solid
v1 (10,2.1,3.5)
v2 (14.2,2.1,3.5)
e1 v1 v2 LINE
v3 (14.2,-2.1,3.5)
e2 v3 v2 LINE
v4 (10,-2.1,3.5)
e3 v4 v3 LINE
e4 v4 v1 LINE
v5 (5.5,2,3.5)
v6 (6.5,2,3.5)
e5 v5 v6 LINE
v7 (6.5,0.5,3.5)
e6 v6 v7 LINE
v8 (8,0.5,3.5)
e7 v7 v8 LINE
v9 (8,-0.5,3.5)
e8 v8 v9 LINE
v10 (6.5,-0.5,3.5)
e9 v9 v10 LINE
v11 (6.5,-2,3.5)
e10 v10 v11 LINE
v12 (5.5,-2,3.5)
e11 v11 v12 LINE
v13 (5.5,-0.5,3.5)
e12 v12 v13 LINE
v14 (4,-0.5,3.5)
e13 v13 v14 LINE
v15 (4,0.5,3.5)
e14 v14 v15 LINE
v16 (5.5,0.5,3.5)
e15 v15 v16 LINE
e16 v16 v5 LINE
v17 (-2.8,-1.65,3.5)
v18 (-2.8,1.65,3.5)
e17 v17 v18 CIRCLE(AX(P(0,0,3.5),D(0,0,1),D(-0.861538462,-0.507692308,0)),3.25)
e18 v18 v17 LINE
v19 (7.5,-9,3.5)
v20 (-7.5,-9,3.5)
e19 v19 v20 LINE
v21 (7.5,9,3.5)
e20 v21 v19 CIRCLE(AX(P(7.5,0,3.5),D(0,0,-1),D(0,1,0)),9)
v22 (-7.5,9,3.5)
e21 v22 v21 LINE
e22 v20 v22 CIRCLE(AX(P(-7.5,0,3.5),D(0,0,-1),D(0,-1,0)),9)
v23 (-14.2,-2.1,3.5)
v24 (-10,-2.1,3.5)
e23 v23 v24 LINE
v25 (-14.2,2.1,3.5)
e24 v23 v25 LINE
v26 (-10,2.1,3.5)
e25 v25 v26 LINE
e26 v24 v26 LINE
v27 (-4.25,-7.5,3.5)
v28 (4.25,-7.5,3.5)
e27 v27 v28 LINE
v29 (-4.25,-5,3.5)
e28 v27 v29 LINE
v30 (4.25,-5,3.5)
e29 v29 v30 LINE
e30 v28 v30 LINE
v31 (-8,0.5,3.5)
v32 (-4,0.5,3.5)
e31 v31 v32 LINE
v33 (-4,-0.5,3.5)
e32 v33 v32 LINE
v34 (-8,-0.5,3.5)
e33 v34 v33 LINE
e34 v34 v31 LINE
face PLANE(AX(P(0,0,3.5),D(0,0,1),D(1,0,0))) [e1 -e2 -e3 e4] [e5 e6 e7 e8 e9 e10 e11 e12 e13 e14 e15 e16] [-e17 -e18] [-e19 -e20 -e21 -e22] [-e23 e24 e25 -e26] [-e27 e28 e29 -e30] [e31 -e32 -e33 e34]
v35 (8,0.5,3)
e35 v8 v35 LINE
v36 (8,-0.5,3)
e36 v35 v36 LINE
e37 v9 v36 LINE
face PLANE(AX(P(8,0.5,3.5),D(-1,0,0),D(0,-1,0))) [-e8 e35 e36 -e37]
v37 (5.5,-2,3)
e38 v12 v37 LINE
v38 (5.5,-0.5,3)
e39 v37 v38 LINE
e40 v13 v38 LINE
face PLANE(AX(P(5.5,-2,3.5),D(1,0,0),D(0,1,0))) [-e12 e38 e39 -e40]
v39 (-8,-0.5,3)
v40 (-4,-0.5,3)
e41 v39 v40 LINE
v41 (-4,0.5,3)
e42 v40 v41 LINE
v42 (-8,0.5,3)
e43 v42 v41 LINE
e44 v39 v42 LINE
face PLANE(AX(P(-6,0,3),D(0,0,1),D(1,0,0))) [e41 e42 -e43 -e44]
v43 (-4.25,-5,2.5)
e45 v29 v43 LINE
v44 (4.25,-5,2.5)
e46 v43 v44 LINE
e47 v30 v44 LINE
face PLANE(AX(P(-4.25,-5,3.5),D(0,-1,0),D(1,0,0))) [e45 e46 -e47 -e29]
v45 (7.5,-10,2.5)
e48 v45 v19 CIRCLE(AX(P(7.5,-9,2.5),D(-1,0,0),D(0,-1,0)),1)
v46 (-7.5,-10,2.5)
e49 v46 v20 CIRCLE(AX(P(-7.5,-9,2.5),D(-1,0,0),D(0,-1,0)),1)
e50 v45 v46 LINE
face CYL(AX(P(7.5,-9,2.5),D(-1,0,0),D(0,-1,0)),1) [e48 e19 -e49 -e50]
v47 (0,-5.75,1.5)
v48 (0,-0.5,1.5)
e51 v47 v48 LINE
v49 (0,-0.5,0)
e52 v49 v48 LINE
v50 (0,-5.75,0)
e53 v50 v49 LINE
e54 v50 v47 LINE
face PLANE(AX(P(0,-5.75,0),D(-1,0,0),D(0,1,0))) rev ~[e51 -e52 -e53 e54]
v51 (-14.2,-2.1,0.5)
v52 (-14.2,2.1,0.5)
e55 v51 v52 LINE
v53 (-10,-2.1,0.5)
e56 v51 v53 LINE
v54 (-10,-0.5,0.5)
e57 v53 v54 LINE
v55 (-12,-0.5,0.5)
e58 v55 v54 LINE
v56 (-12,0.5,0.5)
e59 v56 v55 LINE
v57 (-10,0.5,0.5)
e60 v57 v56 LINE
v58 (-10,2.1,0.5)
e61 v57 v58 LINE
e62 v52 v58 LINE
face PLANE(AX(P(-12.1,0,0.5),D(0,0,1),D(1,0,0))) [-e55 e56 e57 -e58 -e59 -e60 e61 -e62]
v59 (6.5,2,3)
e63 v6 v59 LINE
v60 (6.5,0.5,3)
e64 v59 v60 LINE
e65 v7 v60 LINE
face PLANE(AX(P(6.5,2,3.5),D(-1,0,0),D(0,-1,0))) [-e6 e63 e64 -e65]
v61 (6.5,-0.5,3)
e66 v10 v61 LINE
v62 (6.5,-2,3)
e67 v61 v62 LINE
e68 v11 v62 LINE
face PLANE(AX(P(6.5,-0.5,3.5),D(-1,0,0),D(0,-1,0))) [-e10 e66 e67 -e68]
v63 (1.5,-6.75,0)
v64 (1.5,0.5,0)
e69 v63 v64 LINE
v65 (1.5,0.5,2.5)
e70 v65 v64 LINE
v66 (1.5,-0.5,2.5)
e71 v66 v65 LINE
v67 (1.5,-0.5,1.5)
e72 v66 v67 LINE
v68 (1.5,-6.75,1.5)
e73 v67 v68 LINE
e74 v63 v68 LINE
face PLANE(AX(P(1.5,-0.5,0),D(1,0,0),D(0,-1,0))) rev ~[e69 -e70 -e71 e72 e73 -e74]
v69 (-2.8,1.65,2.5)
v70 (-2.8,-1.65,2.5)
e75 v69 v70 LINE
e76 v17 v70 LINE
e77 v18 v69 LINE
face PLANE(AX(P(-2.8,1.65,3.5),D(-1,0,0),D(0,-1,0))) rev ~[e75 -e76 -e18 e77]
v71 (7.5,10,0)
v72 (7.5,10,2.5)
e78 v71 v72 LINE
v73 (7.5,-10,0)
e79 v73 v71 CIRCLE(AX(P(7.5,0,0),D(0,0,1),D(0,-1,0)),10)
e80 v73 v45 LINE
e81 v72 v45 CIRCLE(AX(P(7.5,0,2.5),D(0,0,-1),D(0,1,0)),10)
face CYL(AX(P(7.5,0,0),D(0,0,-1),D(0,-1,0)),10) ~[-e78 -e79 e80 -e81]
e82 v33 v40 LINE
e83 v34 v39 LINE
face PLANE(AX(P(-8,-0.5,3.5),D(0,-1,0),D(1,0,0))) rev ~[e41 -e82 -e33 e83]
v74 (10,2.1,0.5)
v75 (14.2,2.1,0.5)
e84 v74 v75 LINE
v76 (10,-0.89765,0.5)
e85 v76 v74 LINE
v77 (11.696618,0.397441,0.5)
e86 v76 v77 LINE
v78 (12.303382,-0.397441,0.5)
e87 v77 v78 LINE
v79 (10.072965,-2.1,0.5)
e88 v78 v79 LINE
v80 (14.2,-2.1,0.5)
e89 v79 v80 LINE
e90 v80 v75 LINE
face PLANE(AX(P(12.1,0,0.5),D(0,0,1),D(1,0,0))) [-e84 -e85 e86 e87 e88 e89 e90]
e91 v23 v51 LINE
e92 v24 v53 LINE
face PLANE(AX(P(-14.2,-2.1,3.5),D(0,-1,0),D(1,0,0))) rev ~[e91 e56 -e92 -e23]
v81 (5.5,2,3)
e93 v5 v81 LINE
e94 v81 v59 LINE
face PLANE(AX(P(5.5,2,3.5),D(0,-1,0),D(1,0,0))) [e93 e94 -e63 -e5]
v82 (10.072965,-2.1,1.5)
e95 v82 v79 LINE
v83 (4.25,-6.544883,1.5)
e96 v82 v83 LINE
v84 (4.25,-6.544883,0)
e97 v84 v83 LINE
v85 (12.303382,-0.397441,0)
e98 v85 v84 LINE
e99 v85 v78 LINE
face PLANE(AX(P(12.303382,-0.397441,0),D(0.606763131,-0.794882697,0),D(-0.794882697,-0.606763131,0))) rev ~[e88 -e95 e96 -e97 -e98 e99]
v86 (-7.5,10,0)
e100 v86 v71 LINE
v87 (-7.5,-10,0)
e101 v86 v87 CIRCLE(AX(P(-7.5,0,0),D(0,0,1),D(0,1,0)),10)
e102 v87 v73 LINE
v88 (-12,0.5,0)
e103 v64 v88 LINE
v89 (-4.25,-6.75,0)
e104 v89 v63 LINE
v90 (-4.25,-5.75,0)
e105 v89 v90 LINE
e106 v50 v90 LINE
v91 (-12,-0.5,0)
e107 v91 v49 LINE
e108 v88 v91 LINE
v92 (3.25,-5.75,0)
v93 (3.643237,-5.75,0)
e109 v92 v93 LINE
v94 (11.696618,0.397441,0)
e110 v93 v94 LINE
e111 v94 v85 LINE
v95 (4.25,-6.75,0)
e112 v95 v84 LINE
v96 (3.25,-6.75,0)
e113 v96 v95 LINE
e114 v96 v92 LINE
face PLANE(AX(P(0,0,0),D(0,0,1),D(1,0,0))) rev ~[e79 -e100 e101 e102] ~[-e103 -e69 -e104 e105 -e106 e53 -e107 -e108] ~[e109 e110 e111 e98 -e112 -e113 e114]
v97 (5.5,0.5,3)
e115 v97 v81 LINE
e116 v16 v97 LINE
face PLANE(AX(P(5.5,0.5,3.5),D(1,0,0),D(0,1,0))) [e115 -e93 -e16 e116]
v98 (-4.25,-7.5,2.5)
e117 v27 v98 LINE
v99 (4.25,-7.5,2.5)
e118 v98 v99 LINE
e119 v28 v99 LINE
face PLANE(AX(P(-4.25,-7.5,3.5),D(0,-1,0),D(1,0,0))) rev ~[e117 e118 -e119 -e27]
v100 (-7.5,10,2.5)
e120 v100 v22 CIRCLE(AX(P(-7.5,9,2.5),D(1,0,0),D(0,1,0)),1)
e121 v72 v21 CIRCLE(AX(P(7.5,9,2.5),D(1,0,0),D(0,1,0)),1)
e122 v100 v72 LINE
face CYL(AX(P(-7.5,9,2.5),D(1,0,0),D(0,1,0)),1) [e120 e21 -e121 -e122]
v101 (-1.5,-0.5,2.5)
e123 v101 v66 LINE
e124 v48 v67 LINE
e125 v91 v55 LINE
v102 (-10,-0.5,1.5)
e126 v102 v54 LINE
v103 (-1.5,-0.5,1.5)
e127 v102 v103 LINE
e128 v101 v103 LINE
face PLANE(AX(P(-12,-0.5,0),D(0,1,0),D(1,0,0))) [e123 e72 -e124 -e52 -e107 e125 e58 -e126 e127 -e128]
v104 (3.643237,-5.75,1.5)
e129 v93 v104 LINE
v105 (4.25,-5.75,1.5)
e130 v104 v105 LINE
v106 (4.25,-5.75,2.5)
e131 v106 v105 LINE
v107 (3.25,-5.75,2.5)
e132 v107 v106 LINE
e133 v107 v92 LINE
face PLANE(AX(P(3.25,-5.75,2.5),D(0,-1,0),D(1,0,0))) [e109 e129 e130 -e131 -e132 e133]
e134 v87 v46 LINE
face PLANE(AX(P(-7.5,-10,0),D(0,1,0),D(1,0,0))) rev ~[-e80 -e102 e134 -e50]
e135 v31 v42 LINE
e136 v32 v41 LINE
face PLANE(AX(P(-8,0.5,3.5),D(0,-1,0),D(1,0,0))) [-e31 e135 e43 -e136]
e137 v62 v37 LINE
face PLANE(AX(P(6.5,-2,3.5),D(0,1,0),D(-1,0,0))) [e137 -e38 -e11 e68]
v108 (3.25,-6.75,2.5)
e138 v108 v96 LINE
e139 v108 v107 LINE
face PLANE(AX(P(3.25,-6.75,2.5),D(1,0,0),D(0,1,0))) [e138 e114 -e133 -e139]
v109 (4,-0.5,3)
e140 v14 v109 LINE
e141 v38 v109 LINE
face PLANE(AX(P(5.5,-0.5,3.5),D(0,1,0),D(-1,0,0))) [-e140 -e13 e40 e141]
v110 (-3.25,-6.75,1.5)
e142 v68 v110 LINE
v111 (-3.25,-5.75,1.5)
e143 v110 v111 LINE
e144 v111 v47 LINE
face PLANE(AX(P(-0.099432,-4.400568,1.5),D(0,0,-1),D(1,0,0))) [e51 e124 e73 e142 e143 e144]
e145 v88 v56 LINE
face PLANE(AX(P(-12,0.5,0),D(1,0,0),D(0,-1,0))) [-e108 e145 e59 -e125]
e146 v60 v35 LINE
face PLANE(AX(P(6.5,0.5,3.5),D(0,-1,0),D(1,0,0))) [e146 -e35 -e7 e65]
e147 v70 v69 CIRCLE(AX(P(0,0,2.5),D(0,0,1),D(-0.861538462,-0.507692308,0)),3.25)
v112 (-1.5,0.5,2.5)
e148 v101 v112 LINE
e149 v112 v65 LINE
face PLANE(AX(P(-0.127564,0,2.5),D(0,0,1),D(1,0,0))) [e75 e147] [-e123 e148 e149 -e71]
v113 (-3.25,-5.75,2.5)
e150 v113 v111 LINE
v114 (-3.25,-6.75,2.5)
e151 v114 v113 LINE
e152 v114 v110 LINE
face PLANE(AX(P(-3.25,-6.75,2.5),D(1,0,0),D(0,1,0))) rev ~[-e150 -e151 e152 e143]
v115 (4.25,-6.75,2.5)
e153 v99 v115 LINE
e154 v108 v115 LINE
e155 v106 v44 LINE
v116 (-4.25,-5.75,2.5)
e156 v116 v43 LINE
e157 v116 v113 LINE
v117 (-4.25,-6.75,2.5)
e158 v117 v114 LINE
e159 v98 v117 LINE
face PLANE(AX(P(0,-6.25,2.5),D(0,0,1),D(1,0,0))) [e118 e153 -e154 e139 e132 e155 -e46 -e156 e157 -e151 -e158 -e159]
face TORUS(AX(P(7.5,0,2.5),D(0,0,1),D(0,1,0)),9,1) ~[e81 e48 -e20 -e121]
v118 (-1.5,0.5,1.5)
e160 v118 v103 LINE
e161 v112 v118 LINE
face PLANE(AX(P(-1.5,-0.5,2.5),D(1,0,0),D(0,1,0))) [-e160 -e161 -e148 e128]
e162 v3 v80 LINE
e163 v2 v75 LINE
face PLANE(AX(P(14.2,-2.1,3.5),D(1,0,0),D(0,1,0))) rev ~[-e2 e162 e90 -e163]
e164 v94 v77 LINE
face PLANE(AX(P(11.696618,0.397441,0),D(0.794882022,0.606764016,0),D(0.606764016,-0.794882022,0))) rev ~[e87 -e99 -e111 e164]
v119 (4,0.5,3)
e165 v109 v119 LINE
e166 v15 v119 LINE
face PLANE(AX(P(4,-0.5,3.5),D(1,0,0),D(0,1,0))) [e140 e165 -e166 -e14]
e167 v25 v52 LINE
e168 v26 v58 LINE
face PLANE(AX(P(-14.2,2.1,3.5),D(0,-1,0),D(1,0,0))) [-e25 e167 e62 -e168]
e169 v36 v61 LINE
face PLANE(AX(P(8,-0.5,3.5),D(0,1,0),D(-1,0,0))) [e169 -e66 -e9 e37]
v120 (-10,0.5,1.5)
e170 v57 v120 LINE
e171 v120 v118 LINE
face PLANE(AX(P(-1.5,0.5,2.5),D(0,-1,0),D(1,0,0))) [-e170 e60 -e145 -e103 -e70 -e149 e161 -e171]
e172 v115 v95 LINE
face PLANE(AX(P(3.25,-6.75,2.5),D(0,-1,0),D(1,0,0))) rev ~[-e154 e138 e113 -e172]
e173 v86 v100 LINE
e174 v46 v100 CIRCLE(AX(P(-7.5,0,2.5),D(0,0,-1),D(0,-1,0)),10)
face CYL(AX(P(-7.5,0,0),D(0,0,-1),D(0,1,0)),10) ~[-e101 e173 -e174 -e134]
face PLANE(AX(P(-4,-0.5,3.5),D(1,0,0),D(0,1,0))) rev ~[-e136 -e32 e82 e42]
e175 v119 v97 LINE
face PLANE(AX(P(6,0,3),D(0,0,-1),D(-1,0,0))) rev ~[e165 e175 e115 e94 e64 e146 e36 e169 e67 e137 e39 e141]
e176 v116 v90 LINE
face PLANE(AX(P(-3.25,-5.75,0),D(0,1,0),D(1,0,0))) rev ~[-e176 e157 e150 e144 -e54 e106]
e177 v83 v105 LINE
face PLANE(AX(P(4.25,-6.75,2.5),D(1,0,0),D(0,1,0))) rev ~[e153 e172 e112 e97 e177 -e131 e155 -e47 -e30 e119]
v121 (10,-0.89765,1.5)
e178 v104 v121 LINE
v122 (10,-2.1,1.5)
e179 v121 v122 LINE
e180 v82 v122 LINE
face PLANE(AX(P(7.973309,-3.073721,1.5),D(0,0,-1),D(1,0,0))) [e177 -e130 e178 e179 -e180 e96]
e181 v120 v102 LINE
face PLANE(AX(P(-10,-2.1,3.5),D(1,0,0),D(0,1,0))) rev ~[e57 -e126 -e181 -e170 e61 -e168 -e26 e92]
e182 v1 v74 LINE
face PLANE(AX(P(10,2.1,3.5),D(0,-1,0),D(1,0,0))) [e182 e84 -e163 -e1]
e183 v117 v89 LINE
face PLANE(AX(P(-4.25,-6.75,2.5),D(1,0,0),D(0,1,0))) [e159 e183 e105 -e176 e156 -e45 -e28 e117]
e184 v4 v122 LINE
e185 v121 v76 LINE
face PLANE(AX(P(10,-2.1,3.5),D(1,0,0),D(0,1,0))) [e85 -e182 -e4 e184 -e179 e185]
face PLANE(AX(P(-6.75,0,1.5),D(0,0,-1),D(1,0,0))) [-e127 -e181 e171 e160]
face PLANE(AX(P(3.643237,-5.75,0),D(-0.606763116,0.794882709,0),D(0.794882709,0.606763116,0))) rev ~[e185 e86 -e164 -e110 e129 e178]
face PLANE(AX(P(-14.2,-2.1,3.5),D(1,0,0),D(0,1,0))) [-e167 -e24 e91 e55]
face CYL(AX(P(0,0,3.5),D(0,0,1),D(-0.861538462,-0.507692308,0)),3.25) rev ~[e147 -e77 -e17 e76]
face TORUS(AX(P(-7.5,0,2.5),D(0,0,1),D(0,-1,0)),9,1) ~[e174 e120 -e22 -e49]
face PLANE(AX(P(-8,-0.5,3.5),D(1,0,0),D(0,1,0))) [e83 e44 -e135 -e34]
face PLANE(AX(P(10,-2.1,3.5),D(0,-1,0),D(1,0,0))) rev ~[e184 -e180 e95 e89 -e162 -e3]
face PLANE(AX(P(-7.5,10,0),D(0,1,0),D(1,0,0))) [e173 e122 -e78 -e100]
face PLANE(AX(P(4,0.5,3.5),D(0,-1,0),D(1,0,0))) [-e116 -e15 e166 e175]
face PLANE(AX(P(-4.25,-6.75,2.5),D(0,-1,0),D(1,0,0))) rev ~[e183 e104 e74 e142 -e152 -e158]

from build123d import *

# Parameters (mm, degrees)
PAD_DEPTH       = 3.5
FILLET_R        = 1
POCKET_DEPTH    = 1
SKETCH007_W     = 3
SKETCH007_H     = 1
POCKET001_DEPTH = 2.501
SKETCH008_W     = 8.5
SKETCH008_H     = 2.5
POCKET002_DEPTH = 1
SKETCH009_W     = 1
SKETCH009_H     = 1
POCKET003_DEPTH = 5
SKETCH010_W     = 10.5
SKETCH010_H     = 1
POCKET004_DEPTH = 1.5
SKETCH001_W     = 4.2
SKETCH001_H     = 4.2
POCKET005_DEPTH = 3
SKETCH006_W     = 4
SKETCH006_H     = 1
POCKET006_DEPTH = 0.5


with BuildPart() as part:
    # Sketch → Pad (new body)
    with BuildSketch(Plane.XY):
        with BuildLine():
            ThreePointArc((-7.5, 10), (-17.5, 0), (-7.5, -10))
            Line((-7.5, -10), (7.5, -10))
            ThreePointArc((7.5, -10), (17.5, 0), (7.5, 10))
            Line((-7.5, 10), (7.5, 10))
        make_face()
    extrude(amount=PAD_DEPTH)

    # Fillet
    fillet_edges = [part.edges().sort_by_distance(p)[0] for p in [
        (0, 10, 3.5),
        (0, -10, 3.5),
        (17.5, 0, 3.5),
        (-17.5, 0, 3.5),
    ]]
    fillet(fillet_edges, radius=FILLET_R)

    # Sketch003 → Pocket (cut)
    with BuildSketch(Plane.XY.offset(3.5)):
        with BuildLine():
            ThreePointArc((-2.8, -1.65), (3.25, 0), (-2.8, 1.65))
            Line((-2.8, 1.65), (-2.8, -1.65))
        make_face()
    extrude(amount=-POCKET_DEPTH, mode=Mode.SUBTRACT)

    # Sketch007 → Pocket001 (cut, through all)
    with BuildSketch(Plane.XY.offset(2.5)):
        Rectangle(SKETCH007_W, SKETCH007_H)
    extrude(amount=-POCKET001_DEPTH, mode=Mode.SUBTRACT)

    # Sketch008 → Pocket002 (cut)
    with BuildSketch(Plane.XY.offset(3.5)):
        with Locations((0, -6.25)):
            Rectangle(SKETCH008_W, SKETCH008_H)
    extrude(amount=-POCKET002_DEPTH, mode=Mode.SUBTRACT)

    # Sketch009 → Pocket003 (cut)
    with BuildSketch(Plane.XY.offset(2.5)):
        with Locations((-3.75, -6.25)):
            Rectangle(SKETCH009_W, SKETCH009_H)
        with Locations((3.75, -6.25)):
            Rectangle(SKETCH009_W, SKETCH009_H)
    extrude(amount=-POCKET003_DEPTH, mode=Mode.SUBTRACT)

    # Sketch010 → Pocket004 (cut)
    with BuildSketch(Plane(origin=(0, 0, 0), x_dir=(1, 0, 0), z_dir=(0, 0, -1))):
        Polygon((3.643237, 5.75), (11.696618, -0.397441), (12.303382, 0.397441), (4.25, 6.544883), align=None)
        with Locations((-6.75, 0)):
            Rectangle(SKETCH010_W, SKETCH010_H)
        Polygon((-3.25, 5.75), (0, 5.75), (0, 0.5), (1.5, 0.5), (1.5, 6.75), (-3.25, 6.75), align=None)
    extrude(amount=-POCKET004_DEPTH, mode=Mode.SUBTRACT)

    # Sketch001 → Pocket005 (cut)
    with BuildSketch(Plane.XY.offset(3.5)):
        with Locations((-12.1, 0)):
            Rectangle(SKETCH001_W, SKETCH001_H)
        with Locations((12.1, 0)):
            Rectangle(SKETCH001_W, SKETCH001_H)
    extrude(amount=-POCKET005_DEPTH, mode=Mode.SUBTRACT)

    # Sketch006 → Pocket006 (cut)
    with BuildSketch(Plane.XY.offset(3.5)):
        with Locations((-6, 0)):
            Rectangle(SKETCH006_W, SKETCH006_H)
        Polygon((4, 0.5), (5.5, 0.5), (5.5, 2), (6.5, 2), (6.5, 0.5), (8, 0.5), (8, -0.5), (6.5, -0.5), (6.5, -2), (5.5, -2), (5.5, -0.5), (4, -0.5), align=None)
    extrude(amount=-POCKET006_DEPTH, mode=Mode.SUBTRACT)


solid = part.part
